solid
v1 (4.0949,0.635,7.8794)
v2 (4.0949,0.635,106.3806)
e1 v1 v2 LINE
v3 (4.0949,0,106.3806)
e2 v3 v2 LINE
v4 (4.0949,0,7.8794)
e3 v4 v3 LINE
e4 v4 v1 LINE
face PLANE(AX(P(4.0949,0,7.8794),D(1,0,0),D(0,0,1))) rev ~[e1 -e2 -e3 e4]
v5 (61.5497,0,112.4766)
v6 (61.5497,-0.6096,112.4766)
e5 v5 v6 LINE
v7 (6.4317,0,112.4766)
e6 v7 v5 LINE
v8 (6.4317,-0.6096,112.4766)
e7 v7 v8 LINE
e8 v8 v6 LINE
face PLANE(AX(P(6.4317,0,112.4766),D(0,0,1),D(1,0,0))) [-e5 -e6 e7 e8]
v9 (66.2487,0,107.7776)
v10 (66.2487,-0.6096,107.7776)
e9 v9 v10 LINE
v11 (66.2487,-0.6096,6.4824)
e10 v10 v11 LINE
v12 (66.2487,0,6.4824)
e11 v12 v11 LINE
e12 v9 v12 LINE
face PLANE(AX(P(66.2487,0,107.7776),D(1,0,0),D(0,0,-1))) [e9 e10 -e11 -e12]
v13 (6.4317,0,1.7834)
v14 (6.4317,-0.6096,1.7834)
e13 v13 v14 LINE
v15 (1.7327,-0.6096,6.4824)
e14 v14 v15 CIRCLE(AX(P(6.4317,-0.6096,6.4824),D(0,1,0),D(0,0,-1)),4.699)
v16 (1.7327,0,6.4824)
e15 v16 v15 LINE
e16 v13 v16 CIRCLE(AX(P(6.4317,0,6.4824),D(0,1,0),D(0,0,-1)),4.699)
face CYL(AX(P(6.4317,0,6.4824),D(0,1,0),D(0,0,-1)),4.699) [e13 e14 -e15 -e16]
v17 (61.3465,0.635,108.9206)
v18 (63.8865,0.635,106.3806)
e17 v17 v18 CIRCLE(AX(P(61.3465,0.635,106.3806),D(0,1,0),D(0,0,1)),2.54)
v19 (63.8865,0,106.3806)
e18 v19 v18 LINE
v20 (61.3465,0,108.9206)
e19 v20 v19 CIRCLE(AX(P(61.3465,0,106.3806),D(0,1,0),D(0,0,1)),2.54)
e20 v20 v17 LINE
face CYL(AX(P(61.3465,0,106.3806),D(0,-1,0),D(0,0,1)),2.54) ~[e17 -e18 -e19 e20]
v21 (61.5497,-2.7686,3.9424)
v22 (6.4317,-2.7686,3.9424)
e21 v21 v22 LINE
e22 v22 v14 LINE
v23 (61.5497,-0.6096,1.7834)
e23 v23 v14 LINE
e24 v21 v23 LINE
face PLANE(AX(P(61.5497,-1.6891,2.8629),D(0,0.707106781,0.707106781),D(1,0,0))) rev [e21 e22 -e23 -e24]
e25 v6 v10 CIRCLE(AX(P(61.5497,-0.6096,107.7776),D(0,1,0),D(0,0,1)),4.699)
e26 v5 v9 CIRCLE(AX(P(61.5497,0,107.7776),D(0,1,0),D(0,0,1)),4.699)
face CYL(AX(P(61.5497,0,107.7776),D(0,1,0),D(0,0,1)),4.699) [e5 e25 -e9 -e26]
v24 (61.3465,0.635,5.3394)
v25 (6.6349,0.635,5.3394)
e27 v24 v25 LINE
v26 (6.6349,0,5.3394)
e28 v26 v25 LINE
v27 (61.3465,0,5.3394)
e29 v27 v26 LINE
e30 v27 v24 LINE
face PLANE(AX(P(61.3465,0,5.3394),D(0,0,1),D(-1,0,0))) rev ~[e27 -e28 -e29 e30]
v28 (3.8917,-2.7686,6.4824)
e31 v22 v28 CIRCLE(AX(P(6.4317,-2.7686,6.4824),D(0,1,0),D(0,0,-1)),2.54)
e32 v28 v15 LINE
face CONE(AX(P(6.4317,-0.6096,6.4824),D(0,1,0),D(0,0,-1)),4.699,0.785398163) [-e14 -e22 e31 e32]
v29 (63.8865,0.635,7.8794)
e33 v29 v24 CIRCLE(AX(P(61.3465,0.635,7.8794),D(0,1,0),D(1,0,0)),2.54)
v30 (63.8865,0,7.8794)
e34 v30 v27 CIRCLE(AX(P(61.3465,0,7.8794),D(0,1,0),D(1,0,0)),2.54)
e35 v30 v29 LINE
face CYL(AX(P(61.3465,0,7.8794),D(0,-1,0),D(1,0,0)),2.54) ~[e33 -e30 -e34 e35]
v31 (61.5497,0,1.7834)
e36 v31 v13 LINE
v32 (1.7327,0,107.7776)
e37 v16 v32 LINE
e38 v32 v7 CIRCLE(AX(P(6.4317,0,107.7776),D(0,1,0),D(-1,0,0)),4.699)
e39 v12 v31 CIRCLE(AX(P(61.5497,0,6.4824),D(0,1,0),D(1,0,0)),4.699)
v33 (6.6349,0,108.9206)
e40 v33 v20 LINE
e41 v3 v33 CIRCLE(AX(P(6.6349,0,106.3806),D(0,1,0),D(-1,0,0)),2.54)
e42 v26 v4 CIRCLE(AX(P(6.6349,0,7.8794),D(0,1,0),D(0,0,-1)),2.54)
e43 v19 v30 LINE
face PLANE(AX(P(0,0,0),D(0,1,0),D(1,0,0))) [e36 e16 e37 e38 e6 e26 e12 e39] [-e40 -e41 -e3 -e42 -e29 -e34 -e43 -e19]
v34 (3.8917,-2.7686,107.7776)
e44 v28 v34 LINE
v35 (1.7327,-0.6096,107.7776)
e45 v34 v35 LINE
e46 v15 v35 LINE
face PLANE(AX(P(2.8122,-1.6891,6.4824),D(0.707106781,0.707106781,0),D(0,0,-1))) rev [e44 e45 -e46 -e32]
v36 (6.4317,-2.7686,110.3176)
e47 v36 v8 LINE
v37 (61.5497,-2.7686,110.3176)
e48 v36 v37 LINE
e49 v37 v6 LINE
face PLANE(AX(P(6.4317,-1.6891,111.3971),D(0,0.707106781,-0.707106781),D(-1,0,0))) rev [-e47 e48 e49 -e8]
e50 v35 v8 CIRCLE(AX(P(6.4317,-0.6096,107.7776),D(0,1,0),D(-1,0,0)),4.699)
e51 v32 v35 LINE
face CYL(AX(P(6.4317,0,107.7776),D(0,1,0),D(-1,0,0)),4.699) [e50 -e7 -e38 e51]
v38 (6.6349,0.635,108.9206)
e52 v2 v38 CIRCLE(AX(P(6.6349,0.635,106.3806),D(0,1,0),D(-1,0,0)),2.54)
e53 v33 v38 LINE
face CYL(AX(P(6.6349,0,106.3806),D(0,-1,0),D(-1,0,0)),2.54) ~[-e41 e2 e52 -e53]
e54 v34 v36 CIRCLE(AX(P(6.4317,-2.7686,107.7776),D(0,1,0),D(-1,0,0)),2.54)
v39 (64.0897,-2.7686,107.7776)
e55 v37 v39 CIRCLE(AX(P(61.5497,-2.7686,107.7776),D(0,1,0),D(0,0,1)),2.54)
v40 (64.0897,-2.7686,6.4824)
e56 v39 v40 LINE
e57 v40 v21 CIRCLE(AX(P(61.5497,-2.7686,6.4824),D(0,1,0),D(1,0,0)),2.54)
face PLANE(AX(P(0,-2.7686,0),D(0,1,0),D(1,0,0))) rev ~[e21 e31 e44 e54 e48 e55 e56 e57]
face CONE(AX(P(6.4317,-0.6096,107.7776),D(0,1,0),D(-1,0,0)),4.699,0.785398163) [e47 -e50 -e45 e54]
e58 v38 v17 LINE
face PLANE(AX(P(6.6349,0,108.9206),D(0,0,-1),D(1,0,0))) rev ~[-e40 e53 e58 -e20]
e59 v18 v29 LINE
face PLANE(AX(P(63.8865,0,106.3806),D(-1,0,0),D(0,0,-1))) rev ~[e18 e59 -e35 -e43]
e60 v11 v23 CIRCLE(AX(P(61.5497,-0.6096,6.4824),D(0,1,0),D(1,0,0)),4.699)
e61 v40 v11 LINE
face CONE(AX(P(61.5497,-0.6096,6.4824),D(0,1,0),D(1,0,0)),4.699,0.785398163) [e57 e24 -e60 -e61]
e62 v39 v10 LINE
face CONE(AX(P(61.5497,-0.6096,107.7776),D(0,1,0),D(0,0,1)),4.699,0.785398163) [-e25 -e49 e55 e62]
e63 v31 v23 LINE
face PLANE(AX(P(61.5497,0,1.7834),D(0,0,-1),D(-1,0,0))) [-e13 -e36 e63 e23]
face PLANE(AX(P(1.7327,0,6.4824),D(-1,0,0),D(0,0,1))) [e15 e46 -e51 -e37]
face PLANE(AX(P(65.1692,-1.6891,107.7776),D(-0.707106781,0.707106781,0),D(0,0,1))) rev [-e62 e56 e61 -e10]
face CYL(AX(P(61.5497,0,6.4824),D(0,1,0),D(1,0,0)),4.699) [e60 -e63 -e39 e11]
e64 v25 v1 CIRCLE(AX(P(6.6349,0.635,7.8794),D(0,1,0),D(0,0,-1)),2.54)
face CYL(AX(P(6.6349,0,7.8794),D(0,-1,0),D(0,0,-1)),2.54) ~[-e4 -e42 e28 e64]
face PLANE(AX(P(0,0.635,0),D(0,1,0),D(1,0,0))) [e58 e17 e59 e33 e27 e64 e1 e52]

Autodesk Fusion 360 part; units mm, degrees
sketch "Sketch1" plane through (0, 0, 0) normal (0, 1, 0) x (1, 0, 0) in component "2004745"
  line L0 (-11.1431, -112.4766) -> (81.2494, -112.4766) construction
  line L1 (-9.4032, -1.7834) -> (86.6433, -1.7834) construction
  line L2 (1.7327, -120.1324) -> (1.7327, 13.1495) construction
  line L3 (66.2487, -119.4365) -> (66.2487, -6.4824) construction
  line L4 (6.4317, -112.4766) -> (61.5497, -112.4766)
  line L5 (66.2487, -107.7776) -> (66.2487, -1.7834)
  line L6 (61.5497, -1.7834) -> (6.4317, -1.7834)
  line L7 (1.7327, -6.4824) -> (1.7327, -107.7776)
  arc A0 (6.4317, -1.7834) -> (1.7327, -6.4824) centre (6.4317, -6.4824) ccw
  arc A1 (66.2487, -6.4824) -> (61.5497, -1.7834) centre (61.5497, -6.4824) ccw
  arc A2 (1.7327, -107.7776) -> (6.4317, -112.4766) centre (6.4317, -107.7776) ccw
  arc A3 (61.5497, -112.4766) -> (66.2487, -107.7776) centre (61.5497, -107.7776) ccw
  line L8 (61.3465, -5.3394) -> (-4.4719, -5.3394) construction
  line L9 (76.7415, -108.9206) -> (-6.2738, -108.9206) construction
  line L10 (4.0949, 11.0388) -> (4.0949, -121.0301) construction
  line L11 (63.8865, 2.5767) -> (63.8865, -121.3323) construction
  line L12 (6.6349, -108.9206) -> (61.3465, -108.9206)
  line L13 (63.8865, -106.3806) -> (63.8865, -7.8794)
  line L14 (63.8865, -5.3394) -> (6.6349, -5.3394)
  line L15 (4.0949, -7.8794) -> (4.0949, -106.3806)
  arc A4 (4.0949, -106.3806) -> (6.6349, -108.9206) centre (6.6349, -106.3806) ccw
  arc A5 (61.3465, -108.9206) -> (63.8865, -106.3806) centre (61.3465, -106.3806) ccw
  arc A6 (6.6349, -5.3394) -> (4.0949, -7.8794) centre (6.6349, -7.8794) ccw
  arc A7 (63.8865, -7.8794) -> (61.3465, -5.3394) centre (61.3465, -7.8794) ccw
  dimension "d1" = 110.6932
  dimension "d2" = 64.516
  dimension "d3" = 4.699
  dimension "d4" = 4.699
  dimension "d5" = 4.699
  dimension "d6" = 4.699
  dimension "d7" = 3.556
  dimension "d8" = 3.556
  dimension "d9" = 2.3622
  dimension "d10" = 2.3622
  dimension "d11" = 2.54
  dimension "d12" = 2.54
  dimension "d13" = 2.54
  dimension "d14" = 2.54
extrude "Extrude1" add sketch "Sketch1" along normal blind 0.635 contours L12 L13 L14 L15 A4 A5 A6 A7 in component "2004745"
extrude "Extrude2" add sketch "Sketch1" against normal blind 2.7686 contours L4 L5 L6 L7 A0 A1 A2 A3 | L12 L13 L14 L15 A4 A5 A6 A7 in component "2004745"
chamfer "Chamfer1" distance 2.159 angle 45 8 edges at (33.9907, -2.7686, 1.7834) (64.8723, -2.7686, 3.1597) (66.2487, -2.7686, 57.13) (64.8723, -2.7686, 111.1003) (33.9907, -2.7686, 112.4766) (3.109, -2.7686, 111.1003) (1.7327, -2.7686, 57.13) (3.109, -2.7686, 3.1597) in component "2004745"
component "2004745" placed x (1, 0, 0) y (0, 1, 0) z (0, 0, 1) at (0, 0, 0)
equation "d17 = -0.134 in + 0.025 in"
